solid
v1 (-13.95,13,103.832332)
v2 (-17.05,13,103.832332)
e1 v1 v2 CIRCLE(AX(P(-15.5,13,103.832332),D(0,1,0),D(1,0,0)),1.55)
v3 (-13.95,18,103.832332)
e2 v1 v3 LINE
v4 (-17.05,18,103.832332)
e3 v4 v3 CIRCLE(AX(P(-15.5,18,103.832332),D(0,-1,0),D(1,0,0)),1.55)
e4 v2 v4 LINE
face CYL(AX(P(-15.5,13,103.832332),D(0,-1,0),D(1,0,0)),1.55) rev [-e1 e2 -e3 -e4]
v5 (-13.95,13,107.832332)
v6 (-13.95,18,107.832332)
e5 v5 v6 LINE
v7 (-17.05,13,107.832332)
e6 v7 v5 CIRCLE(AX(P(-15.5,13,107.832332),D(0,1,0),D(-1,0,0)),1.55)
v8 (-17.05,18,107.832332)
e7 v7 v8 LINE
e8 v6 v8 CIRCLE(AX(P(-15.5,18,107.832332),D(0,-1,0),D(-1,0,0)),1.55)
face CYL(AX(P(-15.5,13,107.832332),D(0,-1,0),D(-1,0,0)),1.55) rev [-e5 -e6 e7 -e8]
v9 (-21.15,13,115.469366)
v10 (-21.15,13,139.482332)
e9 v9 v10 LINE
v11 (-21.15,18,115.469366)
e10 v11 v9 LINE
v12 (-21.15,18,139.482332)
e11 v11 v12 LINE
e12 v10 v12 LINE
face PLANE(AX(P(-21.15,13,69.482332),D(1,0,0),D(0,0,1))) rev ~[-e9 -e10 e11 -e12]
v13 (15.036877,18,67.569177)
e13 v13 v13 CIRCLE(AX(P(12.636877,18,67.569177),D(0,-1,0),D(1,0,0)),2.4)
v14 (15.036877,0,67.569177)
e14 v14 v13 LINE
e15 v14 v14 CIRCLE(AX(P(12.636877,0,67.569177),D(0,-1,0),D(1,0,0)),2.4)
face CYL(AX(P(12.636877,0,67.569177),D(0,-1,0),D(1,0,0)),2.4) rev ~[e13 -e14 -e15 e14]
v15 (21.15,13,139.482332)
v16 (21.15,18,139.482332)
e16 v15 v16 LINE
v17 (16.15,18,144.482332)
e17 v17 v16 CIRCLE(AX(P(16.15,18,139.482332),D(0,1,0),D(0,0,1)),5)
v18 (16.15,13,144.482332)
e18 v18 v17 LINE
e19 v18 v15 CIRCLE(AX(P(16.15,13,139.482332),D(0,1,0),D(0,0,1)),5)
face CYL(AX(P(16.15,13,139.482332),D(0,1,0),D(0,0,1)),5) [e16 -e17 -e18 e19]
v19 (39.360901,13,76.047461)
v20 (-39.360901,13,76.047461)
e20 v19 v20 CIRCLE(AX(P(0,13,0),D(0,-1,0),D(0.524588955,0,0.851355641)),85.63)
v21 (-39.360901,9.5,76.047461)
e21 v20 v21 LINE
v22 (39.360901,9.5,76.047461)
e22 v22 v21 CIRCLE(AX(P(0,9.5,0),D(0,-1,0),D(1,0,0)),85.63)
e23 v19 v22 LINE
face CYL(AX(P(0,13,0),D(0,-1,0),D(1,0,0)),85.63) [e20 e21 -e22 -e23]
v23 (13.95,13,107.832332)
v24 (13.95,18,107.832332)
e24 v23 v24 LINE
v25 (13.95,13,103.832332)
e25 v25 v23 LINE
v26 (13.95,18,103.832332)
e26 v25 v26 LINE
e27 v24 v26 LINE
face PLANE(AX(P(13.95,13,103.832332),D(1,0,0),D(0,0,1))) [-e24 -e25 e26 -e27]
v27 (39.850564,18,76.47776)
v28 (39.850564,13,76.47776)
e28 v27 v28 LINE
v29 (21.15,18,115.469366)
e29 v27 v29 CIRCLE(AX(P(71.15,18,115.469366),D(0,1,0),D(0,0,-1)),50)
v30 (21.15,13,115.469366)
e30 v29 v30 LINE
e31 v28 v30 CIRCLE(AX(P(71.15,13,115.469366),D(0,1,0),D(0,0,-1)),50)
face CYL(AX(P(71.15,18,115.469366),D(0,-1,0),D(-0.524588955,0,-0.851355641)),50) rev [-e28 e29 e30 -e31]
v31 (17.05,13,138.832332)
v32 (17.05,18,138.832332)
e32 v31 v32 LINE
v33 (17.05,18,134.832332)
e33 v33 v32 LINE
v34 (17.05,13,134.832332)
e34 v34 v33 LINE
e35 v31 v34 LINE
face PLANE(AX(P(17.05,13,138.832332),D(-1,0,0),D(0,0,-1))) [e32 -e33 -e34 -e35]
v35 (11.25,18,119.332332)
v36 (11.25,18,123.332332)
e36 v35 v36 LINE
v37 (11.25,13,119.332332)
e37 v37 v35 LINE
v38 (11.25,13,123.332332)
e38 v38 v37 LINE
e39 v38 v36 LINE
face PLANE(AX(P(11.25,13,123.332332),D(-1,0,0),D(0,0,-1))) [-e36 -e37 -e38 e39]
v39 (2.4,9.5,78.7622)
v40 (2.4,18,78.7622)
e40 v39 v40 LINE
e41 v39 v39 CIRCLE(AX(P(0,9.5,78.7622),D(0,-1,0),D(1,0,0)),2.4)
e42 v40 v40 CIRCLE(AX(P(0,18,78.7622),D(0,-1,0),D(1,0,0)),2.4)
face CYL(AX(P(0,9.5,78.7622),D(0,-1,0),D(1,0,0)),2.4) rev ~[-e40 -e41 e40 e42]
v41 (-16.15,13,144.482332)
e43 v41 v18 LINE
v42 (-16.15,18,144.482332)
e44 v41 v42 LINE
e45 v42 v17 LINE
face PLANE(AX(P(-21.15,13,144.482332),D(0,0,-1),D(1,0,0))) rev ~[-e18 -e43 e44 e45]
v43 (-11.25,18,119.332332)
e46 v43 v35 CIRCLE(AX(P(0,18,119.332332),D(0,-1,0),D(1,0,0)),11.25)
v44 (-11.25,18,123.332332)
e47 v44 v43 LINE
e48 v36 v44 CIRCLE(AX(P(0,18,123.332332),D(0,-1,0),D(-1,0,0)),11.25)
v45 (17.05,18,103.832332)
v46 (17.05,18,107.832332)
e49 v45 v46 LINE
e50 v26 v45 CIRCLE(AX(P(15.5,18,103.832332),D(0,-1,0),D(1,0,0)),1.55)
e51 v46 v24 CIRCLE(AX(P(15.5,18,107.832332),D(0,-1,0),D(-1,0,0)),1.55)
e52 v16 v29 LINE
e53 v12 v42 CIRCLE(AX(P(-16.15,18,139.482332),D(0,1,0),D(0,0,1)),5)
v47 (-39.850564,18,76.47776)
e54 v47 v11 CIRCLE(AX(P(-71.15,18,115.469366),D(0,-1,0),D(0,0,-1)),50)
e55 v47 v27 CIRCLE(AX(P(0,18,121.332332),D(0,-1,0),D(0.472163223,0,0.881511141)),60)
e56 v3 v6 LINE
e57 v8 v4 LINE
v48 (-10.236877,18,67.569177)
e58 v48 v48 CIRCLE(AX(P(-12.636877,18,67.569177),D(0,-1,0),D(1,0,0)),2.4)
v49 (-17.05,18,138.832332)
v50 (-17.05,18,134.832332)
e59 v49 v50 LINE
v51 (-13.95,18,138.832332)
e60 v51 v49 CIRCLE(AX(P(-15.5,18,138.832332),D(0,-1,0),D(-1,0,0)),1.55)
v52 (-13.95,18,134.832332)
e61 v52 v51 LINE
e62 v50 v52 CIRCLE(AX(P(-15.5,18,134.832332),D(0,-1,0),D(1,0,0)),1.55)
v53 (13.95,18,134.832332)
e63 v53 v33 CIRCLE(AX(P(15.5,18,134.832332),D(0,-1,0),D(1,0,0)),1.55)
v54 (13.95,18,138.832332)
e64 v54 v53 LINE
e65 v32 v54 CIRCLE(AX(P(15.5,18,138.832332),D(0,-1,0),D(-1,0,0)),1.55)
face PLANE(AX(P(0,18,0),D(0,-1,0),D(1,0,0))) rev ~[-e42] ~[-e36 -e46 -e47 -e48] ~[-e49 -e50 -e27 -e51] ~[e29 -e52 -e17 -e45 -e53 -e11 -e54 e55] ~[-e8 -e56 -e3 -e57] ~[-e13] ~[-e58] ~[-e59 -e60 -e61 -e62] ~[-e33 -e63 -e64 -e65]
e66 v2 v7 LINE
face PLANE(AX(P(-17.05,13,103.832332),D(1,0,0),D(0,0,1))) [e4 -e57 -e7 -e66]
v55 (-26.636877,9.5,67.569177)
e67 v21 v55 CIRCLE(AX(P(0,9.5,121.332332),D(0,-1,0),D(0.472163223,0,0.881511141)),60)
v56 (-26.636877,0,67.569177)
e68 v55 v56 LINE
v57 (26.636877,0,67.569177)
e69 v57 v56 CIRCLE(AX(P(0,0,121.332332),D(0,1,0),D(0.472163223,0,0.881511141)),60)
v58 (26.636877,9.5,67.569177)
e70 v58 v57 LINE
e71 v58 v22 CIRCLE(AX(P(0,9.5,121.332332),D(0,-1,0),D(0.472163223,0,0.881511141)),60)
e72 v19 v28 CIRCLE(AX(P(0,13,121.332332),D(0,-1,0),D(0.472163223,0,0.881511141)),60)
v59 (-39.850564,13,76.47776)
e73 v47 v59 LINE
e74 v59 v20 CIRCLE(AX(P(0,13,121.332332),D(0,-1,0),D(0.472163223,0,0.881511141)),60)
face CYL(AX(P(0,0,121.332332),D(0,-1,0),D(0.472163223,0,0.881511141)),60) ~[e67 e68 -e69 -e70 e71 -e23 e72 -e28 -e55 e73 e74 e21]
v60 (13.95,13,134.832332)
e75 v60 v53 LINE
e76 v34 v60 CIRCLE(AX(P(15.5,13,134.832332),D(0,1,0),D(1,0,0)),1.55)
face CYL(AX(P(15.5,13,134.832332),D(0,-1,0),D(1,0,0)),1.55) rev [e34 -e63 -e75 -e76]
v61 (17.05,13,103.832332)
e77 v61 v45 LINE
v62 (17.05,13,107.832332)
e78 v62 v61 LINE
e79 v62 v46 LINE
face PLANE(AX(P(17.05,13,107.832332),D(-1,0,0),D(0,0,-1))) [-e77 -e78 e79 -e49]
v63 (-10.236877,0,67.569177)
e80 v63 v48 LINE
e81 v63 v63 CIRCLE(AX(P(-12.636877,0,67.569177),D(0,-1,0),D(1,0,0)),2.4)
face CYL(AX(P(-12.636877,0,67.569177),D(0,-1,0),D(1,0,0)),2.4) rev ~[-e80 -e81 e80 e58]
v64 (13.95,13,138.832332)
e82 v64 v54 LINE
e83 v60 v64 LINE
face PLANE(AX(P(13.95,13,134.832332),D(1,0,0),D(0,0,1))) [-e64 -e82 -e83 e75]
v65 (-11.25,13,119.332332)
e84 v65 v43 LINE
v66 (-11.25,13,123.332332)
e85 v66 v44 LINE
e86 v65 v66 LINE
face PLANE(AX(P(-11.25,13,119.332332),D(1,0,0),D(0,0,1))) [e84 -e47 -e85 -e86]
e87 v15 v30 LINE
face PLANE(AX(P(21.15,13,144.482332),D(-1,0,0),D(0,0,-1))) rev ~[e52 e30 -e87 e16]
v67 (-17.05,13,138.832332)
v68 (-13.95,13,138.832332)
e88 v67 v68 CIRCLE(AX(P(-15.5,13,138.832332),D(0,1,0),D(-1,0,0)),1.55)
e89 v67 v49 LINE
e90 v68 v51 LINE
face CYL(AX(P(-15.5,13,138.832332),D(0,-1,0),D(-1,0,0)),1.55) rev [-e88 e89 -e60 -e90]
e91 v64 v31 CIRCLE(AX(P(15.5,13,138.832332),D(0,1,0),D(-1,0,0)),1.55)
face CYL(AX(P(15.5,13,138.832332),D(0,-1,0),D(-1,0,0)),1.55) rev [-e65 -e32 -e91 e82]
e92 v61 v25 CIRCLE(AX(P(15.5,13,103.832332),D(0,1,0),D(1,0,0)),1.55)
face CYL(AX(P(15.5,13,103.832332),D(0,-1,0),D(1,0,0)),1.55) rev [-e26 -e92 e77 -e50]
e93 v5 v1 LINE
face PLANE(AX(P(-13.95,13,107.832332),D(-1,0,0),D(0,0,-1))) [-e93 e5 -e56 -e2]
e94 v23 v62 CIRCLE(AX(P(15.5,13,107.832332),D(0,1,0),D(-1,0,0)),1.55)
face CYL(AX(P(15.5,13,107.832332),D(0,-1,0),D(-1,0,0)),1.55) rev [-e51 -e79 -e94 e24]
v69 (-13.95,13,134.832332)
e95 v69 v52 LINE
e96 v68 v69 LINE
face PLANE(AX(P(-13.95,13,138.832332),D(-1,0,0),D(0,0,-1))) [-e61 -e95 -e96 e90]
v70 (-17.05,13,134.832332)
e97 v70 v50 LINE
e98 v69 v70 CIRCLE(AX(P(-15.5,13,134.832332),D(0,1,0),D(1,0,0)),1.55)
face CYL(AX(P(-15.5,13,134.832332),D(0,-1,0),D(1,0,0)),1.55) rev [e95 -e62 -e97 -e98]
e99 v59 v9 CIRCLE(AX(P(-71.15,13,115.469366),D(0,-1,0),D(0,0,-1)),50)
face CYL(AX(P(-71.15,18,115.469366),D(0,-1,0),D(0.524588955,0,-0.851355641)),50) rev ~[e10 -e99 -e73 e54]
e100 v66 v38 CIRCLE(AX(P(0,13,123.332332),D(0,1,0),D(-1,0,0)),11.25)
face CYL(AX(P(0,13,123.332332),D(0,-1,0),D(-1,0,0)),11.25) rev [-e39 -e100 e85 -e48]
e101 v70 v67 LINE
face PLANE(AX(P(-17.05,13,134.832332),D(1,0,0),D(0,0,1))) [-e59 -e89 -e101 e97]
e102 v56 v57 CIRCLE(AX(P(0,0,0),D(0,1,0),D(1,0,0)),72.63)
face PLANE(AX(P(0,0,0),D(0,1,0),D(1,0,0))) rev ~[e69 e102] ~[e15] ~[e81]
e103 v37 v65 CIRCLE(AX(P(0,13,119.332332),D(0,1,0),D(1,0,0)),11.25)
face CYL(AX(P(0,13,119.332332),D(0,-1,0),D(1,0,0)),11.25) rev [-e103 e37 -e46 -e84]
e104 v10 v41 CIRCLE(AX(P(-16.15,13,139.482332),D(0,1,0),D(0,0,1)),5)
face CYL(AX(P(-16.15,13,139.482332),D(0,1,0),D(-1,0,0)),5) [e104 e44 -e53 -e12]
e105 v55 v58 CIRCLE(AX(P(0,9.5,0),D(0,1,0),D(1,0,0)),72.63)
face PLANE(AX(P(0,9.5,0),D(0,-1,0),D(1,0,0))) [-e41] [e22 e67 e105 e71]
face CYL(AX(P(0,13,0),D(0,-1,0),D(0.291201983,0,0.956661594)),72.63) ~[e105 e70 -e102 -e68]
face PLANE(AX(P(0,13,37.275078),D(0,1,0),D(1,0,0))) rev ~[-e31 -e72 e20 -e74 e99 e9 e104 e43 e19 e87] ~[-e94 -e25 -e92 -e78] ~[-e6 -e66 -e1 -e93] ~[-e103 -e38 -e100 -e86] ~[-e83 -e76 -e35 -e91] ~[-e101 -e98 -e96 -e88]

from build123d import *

# Parameters (mm, degrees)
SKETCH1_R                = 72.63
BOSS_EXTRUDE1_DEPTH      = 13
BOSS_EXTRUDE2_DEPTH      = 5
SKETCH4_R                = 85.63
BOSS_EXTRUDE3_DEPTH      = 3.5
BOSS_EXTRUDE3_DEPTH_BACK = 5
CUT_EXTRUDE1_DEPTH       = 6
FILLET1_R                = 50
FILLET2_R                = 5
SKETCH8_R                = 2.4
CUT_EXTRUDE2_DEPTH       = 9.5
SKETCH10_OUTSIDE_W       = 230.742
SKETCH10_OUTSIDE_H       = 289.594
SKETCH10_OUTSIDE_R       = 60
CUT_EXTRUDE3_DEPTH       = 19
SKETCH11_R               = 2.4
CUT_EXTRUDE4_DEPTH       = 19


with BuildPart() as part:
    # Sketch1 → Boss-Extrude1 (new body)
    with BuildSketch(Plane(origin=(0, 0, 0), x_dir=(1, 0, 0), z_dir=(0, 1, 0))):
        Circle(SKETCH1_R)
    extrude(amount=BOSS_EXTRUDE1_DEPTH)

    # Sketch2 → Boss-Extrude2 (add)
    with BuildSketch(Plane(origin=(0, 13, 0), x_dir=(1, 0, 0), z_dir=(0, 1, 0))):
        with BuildLine():
            Line((-21.15, -69.482331567), (-21.15, -144.482331567))
            Line((-21.15, -144.482331567), (21.15, -144.482331567))
            Line((21.15, -144.482331567), (21.15, -69.482331567))
            ThreePointArc((21.15, -69.482331567), (0, 72.63), (-21.15, -69.482331567))
        make_face()
    extrude(amount=BOSS_EXTRUDE2_DEPTH)

    # Sketch4 → Boss-Extrude3 (add, two sides)
    with BuildSketch(Plane.XZ.offset(-13)) as boss_extrude3_sk:
        Circle(SKETCH4_R)
    extrude(amount=BOSS_EXTRUDE3_DEPTH)
    extrude(boss_extrude3_sk.sketch, amount=-BOSS_EXTRUDE3_DEPTH_BACK)

    # Sketch5 → Cut-Extrude1 (cut, through all)
    with BuildSketch(Plane.XZ.offset(-13)):
        with BuildLine():
            Line((11.25, 123.332331567), (11.25, 119.332331567))
            ThreePointArc((11.25, 119.332331567), (0, 108.082331567), (-11.25, 119.332331567))
            Line((-11.25, 119.332331567), (-11.25, 123.332331567))
            ThreePointArc((-11.25, 123.332331567), (0, 134.582331567), (11.25, 123.332331567))
        make_face()
        with BuildLine():
            Line((17.05, 107.832331567), (17.05, 103.832331567))
            ThreePointArc((17.05, 103.832331567), (15.5, 102.282331567), (13.95, 103.832331567))
            Line((13.95, 103.832331567), (13.95, 107.832331567))
            ThreePointArc((13.95, 107.832331567), (15.5, 109.382331567), (17.05, 107.832331567))
        make_face()
        with BuildLine():
            Line((17.05, 138.832331567), (17.05, 134.832331567))
            ThreePointArc((17.05, 134.832331567), (15.5, 133.282331567), (13.95, 134.832331567))
            Line((13.95, 134.832331567), (13.95, 138.832331567))
            ThreePointArc((13.95, 138.832331567), (15.5, 140.382331567), (17.05, 138.832331567))
        make_face()
        with BuildLine():
            Line((-13.95, 138.832331567), (-13.95, 134.832331567))
            ThreePointArc((-13.95, 134.832331567), (-15.5, 133.282331567), (-17.05, 134.832331567))
            Line((-17.05, 134.832331567), (-17.05, 138.832331567))
            ThreePointArc((-17.05, 138.832331567), (-15.5, 140.382331567), (-13.95, 138.832331567))
        make_face()
        with BuildLine():
            Line((-13.95, 107.832331567), (-13.95, 103.832331567))
            ThreePointArc((-13.95, 103.832331567), (-15.5, 102.282331567), (-17.05, 103.832331567))
            Line((-17.05, 103.832331567), (-17.05, 107.832331567))
            ThreePointArc((-17.05, 107.832331567), (-15.5, 109.382331567), (-13.95, 107.832331567))
        make_face()
    extrude(amount=-CUT_EXTRUDE1_DEPTH, mode=Mode.SUBTRACT)

    # Fillet1
    fillet1_edges = [part.edges().sort_by_distance(p)[0] for p in [
        (-21.15, 15.5, 82.976951017),
        (21.15, 15.5, 82.976951017),
    ]]
    fillet(fillet1_edges, radius=FILLET1_R)

    # Fillet2
    fillet2_edges = [part.edges().sort_by_distance(p)[0] for p in [
        (-21.15, 15.5, 144.482331567),
        (21.15, 15.5, 144.482331567),
    ]]
    fillet(fillet2_edges, radius=FILLET2_R)

    # Sketch8 → Cut-Extrude2 (cut, through all)
    with BuildSketch(Plane.XZ.offset(-9.5)):
        with Locations((0, 78.7622)):
            Circle(SKETCH8_R)
    extrude(amount=-CUT_EXTRUDE2_DEPTH, mode=Mode.SUBTRACT)

    # Sketch10 outside → Cut-Extrude3 (cut, through all)
    with BuildSketch(Plane.XZ):
        with Locations((0, 29.426)):
            Rectangle(SKETCH10_OUTSIDE_W, SKETCH10_OUTSIDE_H)
        with Locations((0, 121.332331567)):
            Circle(SKETCH10_OUTSIDE_R, mode=Mode.SUBTRACT)
    extrude(amount=-CUT_EXTRUDE3_DEPTH, mode=Mode.SUBTRACT)

    # Sketch11 → Cut-Extrude4 (cut, through all)
    with BuildSketch(Plane.XZ):
        with Locations((-12.636876971, 67.569177035)):
            Circle(SKETCH11_R)
        with Locations((12.636876971, 67.569177035)):
            Circle(SKETCH11_R)
    extrude(amount=-CUT_EXTRUDE4_DEPTH, mode=Mode.SUBTRACT)


solid = part.part
